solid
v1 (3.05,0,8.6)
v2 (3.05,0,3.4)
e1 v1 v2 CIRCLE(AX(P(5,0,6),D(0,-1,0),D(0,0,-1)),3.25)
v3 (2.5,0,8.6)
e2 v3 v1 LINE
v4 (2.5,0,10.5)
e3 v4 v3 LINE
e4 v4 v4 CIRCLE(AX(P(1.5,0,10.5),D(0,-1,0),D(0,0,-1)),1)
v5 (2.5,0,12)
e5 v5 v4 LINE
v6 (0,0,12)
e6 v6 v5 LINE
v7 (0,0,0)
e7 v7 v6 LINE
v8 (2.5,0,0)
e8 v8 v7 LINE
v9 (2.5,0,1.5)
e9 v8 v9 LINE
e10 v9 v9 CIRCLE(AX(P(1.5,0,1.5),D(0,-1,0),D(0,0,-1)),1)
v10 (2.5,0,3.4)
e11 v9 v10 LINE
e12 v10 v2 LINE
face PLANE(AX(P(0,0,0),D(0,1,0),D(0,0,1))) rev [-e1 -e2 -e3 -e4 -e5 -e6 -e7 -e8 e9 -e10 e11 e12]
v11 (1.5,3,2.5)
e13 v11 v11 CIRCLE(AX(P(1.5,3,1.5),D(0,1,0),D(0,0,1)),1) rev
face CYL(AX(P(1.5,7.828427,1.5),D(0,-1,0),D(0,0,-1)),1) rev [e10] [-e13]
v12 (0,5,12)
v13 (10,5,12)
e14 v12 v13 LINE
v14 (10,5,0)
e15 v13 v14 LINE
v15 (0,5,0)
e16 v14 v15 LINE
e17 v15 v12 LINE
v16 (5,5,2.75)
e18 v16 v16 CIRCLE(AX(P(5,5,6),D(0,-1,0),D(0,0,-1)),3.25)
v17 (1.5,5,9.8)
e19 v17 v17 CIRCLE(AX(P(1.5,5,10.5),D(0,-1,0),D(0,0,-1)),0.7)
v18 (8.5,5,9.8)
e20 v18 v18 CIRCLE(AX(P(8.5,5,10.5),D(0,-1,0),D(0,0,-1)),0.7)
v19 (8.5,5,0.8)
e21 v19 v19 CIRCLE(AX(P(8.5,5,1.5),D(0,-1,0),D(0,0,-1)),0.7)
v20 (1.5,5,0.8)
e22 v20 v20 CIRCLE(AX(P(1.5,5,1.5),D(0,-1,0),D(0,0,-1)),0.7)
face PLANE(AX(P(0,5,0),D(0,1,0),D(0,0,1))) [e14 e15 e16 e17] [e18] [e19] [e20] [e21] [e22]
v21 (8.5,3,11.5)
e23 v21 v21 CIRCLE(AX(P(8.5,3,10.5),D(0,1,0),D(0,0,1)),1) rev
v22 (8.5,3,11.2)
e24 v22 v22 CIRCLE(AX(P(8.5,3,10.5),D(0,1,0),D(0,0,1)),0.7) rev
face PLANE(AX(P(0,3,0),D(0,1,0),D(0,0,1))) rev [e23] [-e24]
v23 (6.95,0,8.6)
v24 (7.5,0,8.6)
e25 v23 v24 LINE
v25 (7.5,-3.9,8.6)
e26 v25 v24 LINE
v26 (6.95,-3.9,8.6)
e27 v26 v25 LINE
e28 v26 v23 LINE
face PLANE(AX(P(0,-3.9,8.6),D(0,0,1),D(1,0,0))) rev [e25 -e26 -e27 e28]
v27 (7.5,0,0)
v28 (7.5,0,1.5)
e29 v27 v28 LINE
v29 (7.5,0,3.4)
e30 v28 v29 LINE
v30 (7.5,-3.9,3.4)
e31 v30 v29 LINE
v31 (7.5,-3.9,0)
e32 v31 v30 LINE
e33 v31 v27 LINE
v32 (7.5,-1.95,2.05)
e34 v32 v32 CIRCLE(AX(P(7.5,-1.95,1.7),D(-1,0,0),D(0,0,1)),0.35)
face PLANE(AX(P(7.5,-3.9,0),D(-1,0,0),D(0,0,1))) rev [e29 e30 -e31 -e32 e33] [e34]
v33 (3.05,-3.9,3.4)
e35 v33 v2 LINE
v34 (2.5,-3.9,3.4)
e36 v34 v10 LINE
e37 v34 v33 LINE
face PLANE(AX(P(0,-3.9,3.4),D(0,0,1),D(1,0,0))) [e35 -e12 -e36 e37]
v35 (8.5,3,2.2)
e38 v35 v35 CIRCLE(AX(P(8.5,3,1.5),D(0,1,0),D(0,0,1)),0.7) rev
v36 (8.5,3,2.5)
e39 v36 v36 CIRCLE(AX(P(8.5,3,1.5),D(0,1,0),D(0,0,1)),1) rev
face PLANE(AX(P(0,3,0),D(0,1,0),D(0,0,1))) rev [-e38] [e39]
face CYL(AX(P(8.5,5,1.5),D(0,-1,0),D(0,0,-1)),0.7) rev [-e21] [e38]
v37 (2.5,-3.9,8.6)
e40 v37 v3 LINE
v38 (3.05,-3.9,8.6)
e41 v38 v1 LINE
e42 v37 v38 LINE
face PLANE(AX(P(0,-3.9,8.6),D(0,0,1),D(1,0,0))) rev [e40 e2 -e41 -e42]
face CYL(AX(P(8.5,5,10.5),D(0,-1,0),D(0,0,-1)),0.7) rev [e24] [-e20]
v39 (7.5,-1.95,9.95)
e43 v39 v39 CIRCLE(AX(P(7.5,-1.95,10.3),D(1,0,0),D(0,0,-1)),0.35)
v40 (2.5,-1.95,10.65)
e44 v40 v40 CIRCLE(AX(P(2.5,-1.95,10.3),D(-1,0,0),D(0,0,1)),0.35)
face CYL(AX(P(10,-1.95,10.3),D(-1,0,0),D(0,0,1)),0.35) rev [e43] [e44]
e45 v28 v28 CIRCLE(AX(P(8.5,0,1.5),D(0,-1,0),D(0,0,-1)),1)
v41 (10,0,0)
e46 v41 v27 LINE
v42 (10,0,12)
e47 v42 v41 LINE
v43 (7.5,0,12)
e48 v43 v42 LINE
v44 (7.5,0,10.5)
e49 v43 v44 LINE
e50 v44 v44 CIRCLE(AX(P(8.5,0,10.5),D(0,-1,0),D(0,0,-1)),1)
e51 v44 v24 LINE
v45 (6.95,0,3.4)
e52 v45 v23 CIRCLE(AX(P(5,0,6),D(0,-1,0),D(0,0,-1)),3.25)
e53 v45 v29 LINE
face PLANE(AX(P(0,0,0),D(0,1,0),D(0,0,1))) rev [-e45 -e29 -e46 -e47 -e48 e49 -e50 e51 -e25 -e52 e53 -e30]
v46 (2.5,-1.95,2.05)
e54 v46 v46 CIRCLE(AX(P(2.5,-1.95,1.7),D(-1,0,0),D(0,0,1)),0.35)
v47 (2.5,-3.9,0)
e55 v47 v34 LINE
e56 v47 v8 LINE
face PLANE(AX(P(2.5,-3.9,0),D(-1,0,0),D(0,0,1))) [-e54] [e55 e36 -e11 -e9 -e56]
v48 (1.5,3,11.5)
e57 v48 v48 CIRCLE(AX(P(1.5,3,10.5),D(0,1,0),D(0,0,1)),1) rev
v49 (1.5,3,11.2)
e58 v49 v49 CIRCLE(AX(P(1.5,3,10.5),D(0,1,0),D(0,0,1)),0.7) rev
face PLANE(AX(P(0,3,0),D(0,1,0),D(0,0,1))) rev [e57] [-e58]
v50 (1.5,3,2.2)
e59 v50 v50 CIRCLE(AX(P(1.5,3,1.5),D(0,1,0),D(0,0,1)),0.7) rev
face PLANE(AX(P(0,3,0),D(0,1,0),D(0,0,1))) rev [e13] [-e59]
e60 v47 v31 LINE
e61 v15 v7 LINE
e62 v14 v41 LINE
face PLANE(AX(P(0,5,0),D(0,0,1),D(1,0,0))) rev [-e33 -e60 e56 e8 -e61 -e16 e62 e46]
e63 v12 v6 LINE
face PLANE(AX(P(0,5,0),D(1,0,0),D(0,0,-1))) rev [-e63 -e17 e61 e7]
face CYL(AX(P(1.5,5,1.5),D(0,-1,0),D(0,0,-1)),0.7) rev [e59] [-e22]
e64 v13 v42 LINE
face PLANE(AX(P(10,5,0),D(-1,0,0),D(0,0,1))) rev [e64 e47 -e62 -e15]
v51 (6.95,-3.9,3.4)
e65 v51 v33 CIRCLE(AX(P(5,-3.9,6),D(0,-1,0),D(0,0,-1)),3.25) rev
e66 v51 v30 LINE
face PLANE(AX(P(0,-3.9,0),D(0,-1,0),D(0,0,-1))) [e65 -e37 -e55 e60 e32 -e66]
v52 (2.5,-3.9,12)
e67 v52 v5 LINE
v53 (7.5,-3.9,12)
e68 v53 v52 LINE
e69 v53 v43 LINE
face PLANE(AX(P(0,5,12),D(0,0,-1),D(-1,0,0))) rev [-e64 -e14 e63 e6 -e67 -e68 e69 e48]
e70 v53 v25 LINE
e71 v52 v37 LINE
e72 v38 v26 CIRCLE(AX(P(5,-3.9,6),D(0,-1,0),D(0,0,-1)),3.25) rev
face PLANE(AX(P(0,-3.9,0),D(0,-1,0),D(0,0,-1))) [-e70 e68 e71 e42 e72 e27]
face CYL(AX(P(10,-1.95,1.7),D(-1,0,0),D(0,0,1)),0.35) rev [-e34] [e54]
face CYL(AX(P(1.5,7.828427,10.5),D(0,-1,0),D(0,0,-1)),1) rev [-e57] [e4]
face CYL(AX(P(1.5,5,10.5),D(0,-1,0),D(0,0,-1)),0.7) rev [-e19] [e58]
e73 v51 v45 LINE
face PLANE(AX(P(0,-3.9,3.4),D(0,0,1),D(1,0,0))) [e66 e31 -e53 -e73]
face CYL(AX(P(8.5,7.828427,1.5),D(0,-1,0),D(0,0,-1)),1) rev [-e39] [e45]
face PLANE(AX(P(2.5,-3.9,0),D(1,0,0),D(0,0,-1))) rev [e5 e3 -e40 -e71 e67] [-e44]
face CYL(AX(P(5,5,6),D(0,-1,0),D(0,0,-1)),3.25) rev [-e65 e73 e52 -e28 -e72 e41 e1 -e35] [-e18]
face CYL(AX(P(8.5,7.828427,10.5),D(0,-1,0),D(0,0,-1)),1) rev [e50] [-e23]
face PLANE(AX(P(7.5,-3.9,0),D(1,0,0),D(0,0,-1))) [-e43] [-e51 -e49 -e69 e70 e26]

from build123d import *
from build123d.topology import SkipClean

# Parameters (mm, degrees)
SKETCH_1_W          = 10
SKETCH_1_H          = 12
EXTRUDE_1_DEPTH     = 5
SKETCH_2_R          = 0.7
CUT_EXTRUDE_1_DEPTH = 17.401219467
SKETCH_2_3_R        = 3.25
CUT_EXTRUDE_2_DEPTH = 17.401219467
SKETCH_2_4_R        = 1
CUT_EXTRUDE_3_DEPTH = 3
EXTRUDE_START       = 3.9
EXTRUDE_2_DEPTH     = 3.9
SKETCH_4_R          = 0.35
CUT_EXTRUDE_4_DEPTH = 16.00833102


with BuildPart() as part:
    # 草图1 → 凸台-拉伸1 (new body)
    with BuildSketch(Plane(origin=(0, 0, 0), x_dir=(1, 0, 0), z_dir=(0, 1, 0))):
        with Locations((5, -6)):
            Rectangle(SKETCH_1_W, SKETCH_1_H)
    extrude(amount=EXTRUDE_1_DEPTH)

    # 草图2 → 切除-拉伸1 (cut, through all)
    with BuildSketch(Plane.XZ):
        with Locations(Location((1.5, 1.5, 0), (0, 0, 270))):
            Circle(SKETCH_2_R)
        with Locations(Location((1.5, 10.5, 0), (0, 0, 270))):
            Circle(SKETCH_2_R)
        with Locations(Location((8.5, 10.5, 0), (0, 0, 270))):
            Circle(SKETCH_2_R)
        with Locations(Location((8.5, 1.5, 0), (0, 0, 270))):
            Circle(SKETCH_2_R)
    extrude(amount=-CUT_EXTRUDE_1_DEPTH, mode=Mode.SUBTRACT)

    # 草图2<3> → 切除-拉伸2 (cut, through all)
    with BuildSketch(Plane.XZ):
        with Locations(Location((5, 6, 0), (0, 0, 270))):
            Circle(SKETCH_2_3_R)
    extrude(amount=-CUT_EXTRUDE_2_DEPTH, mode=Mode.SUBTRACT)

    # 草图2<4> → 切除-拉伸3 (cut)
    with BuildSketch(Plane.XZ):
        with Locations(Location((1.5, 10.5, 0), (0, 0, 270))):
            Circle(SKETCH_2_4_R)
        with Locations(Location((8.5, 10.5, 0), (0, 0, 270))):
            Circle(SKETCH_2_4_R)
        with Locations(Location((8.5, 1.5, 0), (0, 0, 270))):
            Circle(SKETCH_2_4_R)
        with Locations(Location((1.5, 1.5, 0), (0, 0, 270))):
            Circle(SKETCH_2_4_R)
    extrude(amount=-CUT_EXTRUDE_3_DEPTH, mode=Mode.SUBTRACT)

    # 草图3 → 凸台-拉伸2 (add)
    with SkipClean():  # the faces are left unmerged after this step: merging them gives an invalid solid
        with BuildSketch(Plane.XZ.offset(EXTRUDE_START)):
            with BuildLine():
                Line((2.5, 8.6), (3.05, 8.6))
                ThreePointArc((3.05, 8.6), (5, 9.25), (6.95, 8.6))
                Line((6.95, 8.6), (7.5, 8.6))
                Line((7.5, 8.6), (7.5, 12))
                Line((7.5, 12), (2.5, 12))
                Line((2.5, 12), (2.5, 8.6))
            make_face()
            with BuildLine():
                Line((2.5, 3.4), (2.5, 0))
                Line((2.5, 0), (7.5, 0))
                Line((7.5, 0), (7.5, 3.4))
                Line((7.5, 3.4), (6.95, 3.4))
                ThreePointArc((6.95, 3.4), (5, 2.75), (3.05, 3.4))
                Line((3.05, 3.4), (2.5, 3.4))
            make_face()
        extrude(amount=-EXTRUDE_2_DEPTH)

    # 草图4 → 切除-拉伸4 (cut, through all)
    with SkipClean():  # the faces are left unmerged after this step: merging them gives an invalid solid
        with BuildSketch(Plane.ZY.offset(-2.5)):
            with Locations((10.3, -1.95)):
                Circle(SKETCH_4_R)
            with Locations((1.7, -1.95)):
                Circle(SKETCH_4_R)
        extrude(amount=-CUT_EXTRUDE_4_DEPTH, mode=Mode.SUBTRACT)


solid = part.part
